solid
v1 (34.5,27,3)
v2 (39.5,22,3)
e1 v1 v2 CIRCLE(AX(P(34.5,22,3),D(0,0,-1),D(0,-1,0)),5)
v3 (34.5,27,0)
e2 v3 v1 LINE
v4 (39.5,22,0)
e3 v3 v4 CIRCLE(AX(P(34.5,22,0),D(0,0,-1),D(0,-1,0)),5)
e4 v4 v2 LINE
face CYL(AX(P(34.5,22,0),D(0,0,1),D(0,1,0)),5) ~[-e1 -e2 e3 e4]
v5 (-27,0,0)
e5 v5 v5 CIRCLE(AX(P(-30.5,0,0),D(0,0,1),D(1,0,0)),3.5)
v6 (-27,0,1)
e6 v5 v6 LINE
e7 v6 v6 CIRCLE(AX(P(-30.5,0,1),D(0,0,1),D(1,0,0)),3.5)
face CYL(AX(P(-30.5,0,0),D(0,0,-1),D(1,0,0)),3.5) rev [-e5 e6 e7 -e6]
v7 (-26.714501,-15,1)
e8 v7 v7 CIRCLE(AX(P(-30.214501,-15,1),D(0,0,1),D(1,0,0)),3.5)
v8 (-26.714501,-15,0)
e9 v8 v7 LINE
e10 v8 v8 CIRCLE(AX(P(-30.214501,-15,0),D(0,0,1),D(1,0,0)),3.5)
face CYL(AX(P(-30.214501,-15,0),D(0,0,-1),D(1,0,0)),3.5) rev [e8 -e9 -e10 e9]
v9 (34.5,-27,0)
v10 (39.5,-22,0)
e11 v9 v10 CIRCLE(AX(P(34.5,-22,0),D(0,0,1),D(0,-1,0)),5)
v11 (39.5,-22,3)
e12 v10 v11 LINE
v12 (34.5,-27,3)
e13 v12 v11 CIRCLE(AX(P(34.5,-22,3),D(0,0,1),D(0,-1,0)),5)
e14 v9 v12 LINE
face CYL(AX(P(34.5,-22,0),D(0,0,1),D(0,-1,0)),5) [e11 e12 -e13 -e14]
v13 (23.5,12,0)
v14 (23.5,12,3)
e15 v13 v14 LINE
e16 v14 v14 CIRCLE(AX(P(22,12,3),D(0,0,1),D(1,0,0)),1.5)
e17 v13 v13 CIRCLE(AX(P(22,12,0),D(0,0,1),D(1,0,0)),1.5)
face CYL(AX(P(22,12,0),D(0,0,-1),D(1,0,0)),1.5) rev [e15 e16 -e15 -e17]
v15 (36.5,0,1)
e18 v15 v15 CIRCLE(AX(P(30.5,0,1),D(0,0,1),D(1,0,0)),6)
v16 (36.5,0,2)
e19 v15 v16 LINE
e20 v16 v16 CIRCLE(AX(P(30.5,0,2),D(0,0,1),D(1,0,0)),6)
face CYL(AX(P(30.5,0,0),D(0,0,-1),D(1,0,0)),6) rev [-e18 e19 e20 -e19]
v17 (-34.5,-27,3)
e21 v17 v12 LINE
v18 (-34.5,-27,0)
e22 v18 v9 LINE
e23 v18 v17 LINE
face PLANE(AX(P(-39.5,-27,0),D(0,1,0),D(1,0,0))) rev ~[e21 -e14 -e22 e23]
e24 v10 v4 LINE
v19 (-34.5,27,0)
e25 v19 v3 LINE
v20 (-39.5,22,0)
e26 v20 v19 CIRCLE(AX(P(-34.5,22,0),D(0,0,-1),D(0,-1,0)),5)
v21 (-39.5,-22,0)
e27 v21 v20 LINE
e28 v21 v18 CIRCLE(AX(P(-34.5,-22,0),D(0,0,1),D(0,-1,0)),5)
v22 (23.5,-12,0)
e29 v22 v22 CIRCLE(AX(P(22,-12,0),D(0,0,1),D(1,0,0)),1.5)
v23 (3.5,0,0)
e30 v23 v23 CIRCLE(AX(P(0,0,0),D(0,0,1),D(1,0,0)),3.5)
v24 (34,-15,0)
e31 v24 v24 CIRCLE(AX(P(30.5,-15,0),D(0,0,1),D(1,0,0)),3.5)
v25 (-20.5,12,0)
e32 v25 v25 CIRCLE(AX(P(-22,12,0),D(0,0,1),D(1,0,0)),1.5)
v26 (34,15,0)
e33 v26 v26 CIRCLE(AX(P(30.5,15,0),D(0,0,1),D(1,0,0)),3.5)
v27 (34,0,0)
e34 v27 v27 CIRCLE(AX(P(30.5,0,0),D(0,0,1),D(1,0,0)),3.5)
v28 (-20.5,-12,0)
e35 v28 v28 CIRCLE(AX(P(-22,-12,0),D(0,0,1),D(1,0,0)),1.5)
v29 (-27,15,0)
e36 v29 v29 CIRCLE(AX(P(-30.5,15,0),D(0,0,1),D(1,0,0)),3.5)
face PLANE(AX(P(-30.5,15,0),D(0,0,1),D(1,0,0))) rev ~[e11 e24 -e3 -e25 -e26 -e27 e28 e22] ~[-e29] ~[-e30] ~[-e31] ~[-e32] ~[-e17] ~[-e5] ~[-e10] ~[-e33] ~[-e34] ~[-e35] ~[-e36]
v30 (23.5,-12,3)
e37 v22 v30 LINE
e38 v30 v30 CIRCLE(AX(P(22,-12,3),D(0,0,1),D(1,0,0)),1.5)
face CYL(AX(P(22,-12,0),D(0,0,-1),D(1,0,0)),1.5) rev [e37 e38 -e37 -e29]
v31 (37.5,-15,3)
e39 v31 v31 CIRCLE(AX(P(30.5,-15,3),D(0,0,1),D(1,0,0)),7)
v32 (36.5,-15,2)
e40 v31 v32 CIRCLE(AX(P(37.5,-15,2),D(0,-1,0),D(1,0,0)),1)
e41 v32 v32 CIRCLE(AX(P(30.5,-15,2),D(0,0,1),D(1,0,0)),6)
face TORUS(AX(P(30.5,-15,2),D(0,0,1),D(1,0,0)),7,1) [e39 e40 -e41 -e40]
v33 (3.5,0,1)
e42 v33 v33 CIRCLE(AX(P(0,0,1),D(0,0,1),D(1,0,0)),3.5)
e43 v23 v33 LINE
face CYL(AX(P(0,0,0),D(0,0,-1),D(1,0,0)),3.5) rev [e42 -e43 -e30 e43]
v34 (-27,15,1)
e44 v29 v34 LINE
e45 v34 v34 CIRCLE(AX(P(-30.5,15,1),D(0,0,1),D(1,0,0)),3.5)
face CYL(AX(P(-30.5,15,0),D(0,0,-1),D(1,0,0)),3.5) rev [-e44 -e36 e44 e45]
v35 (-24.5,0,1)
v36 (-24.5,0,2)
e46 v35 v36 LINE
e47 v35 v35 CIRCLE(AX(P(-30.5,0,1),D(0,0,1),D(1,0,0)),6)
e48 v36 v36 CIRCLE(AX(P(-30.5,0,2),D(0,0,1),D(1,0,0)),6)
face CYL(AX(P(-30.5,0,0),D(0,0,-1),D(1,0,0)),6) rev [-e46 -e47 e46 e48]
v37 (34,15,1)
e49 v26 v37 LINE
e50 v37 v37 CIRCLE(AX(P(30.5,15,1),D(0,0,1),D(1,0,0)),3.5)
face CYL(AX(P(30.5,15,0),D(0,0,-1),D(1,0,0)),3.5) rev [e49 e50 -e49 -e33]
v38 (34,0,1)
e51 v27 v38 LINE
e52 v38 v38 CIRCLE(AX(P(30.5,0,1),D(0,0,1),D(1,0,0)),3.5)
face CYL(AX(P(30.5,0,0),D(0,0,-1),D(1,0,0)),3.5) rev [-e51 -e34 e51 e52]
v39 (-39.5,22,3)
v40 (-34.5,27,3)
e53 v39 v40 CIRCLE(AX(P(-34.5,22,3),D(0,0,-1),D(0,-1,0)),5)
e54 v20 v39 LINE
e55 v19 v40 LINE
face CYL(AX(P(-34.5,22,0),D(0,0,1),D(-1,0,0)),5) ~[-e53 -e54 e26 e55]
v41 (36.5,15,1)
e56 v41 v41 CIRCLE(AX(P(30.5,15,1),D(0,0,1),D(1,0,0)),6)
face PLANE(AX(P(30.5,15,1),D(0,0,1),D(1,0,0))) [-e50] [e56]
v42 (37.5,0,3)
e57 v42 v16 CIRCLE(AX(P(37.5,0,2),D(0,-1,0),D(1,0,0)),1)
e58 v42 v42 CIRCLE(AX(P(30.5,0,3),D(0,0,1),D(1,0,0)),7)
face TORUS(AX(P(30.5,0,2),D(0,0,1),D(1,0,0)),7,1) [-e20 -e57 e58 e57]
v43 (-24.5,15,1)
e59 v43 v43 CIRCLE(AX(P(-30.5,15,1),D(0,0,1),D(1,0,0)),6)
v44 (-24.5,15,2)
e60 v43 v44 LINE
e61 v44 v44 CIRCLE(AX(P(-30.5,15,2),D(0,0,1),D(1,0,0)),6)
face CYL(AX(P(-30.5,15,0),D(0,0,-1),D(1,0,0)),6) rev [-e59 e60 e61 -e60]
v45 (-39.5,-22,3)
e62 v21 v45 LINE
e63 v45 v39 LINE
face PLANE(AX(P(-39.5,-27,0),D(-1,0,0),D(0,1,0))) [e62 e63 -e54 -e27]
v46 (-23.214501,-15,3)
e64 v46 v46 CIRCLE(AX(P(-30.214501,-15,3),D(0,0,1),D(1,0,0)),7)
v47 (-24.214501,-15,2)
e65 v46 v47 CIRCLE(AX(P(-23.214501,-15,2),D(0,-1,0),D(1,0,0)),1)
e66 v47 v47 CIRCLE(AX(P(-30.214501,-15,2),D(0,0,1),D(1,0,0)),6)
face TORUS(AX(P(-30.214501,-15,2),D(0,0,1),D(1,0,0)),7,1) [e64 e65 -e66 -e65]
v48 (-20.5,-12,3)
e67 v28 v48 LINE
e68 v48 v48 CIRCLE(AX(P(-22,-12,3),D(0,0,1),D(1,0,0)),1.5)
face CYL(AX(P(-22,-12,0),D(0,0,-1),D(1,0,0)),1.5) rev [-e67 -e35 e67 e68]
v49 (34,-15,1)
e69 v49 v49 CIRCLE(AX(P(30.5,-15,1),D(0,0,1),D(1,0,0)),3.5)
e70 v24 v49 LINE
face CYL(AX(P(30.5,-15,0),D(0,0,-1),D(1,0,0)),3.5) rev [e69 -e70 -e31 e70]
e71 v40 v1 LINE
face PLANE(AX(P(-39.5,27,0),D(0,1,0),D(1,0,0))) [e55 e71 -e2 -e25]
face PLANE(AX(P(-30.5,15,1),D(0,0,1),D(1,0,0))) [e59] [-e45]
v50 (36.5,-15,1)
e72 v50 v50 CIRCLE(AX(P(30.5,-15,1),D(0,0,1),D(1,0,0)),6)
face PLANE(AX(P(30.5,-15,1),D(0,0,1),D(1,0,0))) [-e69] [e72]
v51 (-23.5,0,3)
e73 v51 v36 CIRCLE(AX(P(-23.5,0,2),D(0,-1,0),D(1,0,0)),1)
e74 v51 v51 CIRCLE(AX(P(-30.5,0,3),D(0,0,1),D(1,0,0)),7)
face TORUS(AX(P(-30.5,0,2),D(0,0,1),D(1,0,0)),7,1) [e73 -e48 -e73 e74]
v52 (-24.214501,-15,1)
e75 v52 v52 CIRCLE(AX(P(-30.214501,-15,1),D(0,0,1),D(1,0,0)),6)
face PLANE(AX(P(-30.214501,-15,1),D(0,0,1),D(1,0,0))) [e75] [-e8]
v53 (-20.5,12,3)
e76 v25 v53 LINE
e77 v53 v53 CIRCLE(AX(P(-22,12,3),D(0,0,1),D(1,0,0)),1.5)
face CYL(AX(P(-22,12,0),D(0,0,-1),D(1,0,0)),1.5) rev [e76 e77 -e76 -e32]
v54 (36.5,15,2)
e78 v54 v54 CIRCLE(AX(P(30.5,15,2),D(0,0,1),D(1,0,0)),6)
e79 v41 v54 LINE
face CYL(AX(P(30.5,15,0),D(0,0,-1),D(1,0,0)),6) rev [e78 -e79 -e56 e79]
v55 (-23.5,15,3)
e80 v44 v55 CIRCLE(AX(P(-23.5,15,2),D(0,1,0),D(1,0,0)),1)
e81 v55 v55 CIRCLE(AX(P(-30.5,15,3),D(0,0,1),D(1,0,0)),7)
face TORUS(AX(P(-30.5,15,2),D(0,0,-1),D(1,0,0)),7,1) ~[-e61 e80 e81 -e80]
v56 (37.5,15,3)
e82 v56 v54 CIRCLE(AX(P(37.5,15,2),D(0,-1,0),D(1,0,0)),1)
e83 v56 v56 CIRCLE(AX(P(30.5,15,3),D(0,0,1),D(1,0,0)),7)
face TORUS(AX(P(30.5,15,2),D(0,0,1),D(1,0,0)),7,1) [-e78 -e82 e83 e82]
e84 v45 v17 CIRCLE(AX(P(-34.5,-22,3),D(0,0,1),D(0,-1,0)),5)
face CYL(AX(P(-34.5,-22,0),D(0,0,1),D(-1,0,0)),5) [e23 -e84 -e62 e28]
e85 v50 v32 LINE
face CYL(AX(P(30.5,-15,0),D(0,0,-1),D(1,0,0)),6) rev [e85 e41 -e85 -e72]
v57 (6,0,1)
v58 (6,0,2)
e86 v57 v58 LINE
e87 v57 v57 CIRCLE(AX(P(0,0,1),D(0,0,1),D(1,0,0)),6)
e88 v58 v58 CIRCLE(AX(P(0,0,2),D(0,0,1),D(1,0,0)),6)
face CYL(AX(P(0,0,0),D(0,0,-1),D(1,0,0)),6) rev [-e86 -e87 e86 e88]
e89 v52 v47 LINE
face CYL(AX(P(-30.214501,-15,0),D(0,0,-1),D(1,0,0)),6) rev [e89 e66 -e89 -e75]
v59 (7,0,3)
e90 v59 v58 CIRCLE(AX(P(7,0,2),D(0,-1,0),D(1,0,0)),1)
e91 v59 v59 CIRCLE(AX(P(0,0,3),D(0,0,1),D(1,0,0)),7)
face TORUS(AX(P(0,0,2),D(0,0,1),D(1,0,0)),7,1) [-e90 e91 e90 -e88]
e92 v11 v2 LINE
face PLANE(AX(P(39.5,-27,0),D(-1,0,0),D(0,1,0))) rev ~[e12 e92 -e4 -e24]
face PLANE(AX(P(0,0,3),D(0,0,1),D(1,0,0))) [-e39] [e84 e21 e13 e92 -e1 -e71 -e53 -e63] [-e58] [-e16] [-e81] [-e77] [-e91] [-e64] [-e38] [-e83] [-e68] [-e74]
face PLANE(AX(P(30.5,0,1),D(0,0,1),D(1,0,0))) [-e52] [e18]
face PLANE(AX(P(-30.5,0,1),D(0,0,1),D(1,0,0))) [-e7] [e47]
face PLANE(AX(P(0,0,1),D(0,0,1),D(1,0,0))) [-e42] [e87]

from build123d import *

# Parameters (mm, degrees)
F0_W     = 79
F0_H     = 54
F0_R     = 6
F0_R_2   = 1.5
F1_DEPTH = 3
F0_R_3   = 3.5
F2_DEPTH = 1
F3_R     = 1
F4_R     = 5


with BuildPart() as f1:
    # F0 (on Top) → F1 (new body)
    with BuildSketch(Plane.XY):
        Rectangle(F0_W, F0_H)
        with Locations((-30.214501, -15)):
            Circle(F0_R, mode=Mode.SUBTRACT)
        with Locations((-22, -12)):
            Circle(F0_R_2, mode=Mode.SUBTRACT)
        with Locations((30.5, -15)):
            Circle(F0_R, mode=Mode.SUBTRACT)
        with Locations((22, -12)):
            Circle(F0_R_2, mode=Mode.SUBTRACT)
        with Locations((-30.5, 0)):
            Circle(F0_R, mode=Mode.SUBTRACT)
        with Locations((-22, 12)):
            Circle(F0_R_2, mode=Mode.SUBTRACT)
        with Locations((-30.5, 15)):
            Circle(F0_R, mode=Mode.SUBTRACT)
        Circle(F0_R, mode=Mode.SUBTRACT)
        with Locations((30.5, 0)):
            Circle(F0_R, mode=Mode.SUBTRACT)
        with Locations((22, 12)):
            Circle(F0_R_2, mode=Mode.SUBTRACT)
        with Locations((30.5, 15)):
            Circle(F0_R, mode=Mode.SUBTRACT)
    extrude(amount=F1_DEPTH)

    # F0 (on Top) → F2 (join)
    with BuildSketch(Plane.XY):
        with Locations((-30.5, 15)):
            Circle(F0_R)
        with Locations((-30.5, 15)):
            Circle(F0_R_3, mode=Mode.SUBTRACT)
        with Locations((30.5, 15)):
            Circle(F0_R)
        with Locations((30.5, 15)):
            Circle(F0_R_3, mode=Mode.SUBTRACT)
        with Locations((30.5, 0)):
            Circle(F0_R)
        with Locations((30.5, 0)):
            Circle(F0_R_3, mode=Mode.SUBTRACT)
        with Locations((30.5, -15)):
            Circle(F0_R)
        with Locations((30.5, -15)):
            Circle(F0_R_3, mode=Mode.SUBTRACT)
        with Locations((-30.214501, -15)):
            Circle(F0_R)
        with Locations((-30.214501, -15)):
            Circle(F0_R_3, mode=Mode.SUBTRACT)
        with Locations((-30.5, 0)):
            Circle(F0_R)
        with Locations((-30.5, 0)):
            Circle(F0_R_3, mode=Mode.SUBTRACT)
        Circle(F0_R)
        Circle(F0_R_3, mode=Mode.SUBTRACT)
    extrude(amount=F2_DEPTH)

    # F3
    f3_edges = [f1.edges().sort_by_distance(p)[0] for p in [
        (-36.5, 15, 3),
        (24.5, 15, 3),
        (24.5, 0, 3),
        (24.5, -15, 3),
        (-36.214501, -15, 3),
        (-36.5, 0, 3),
        (-6, 0, 3),
    ]]
    fillet(f3_edges, radius=F3_R)

    # F4
    f4_edges = [f1.edges().sort_by_distance(p)[0] for p in [
        (-39.5, -27, 1.5),
        (39.5, -27, 1.5),
        (39.5, 27, 1.5),
        (-39.5, 27, 1.5),
    ]]
    fillet(f4_edges, radius=F4_R)


solid = f1.part
